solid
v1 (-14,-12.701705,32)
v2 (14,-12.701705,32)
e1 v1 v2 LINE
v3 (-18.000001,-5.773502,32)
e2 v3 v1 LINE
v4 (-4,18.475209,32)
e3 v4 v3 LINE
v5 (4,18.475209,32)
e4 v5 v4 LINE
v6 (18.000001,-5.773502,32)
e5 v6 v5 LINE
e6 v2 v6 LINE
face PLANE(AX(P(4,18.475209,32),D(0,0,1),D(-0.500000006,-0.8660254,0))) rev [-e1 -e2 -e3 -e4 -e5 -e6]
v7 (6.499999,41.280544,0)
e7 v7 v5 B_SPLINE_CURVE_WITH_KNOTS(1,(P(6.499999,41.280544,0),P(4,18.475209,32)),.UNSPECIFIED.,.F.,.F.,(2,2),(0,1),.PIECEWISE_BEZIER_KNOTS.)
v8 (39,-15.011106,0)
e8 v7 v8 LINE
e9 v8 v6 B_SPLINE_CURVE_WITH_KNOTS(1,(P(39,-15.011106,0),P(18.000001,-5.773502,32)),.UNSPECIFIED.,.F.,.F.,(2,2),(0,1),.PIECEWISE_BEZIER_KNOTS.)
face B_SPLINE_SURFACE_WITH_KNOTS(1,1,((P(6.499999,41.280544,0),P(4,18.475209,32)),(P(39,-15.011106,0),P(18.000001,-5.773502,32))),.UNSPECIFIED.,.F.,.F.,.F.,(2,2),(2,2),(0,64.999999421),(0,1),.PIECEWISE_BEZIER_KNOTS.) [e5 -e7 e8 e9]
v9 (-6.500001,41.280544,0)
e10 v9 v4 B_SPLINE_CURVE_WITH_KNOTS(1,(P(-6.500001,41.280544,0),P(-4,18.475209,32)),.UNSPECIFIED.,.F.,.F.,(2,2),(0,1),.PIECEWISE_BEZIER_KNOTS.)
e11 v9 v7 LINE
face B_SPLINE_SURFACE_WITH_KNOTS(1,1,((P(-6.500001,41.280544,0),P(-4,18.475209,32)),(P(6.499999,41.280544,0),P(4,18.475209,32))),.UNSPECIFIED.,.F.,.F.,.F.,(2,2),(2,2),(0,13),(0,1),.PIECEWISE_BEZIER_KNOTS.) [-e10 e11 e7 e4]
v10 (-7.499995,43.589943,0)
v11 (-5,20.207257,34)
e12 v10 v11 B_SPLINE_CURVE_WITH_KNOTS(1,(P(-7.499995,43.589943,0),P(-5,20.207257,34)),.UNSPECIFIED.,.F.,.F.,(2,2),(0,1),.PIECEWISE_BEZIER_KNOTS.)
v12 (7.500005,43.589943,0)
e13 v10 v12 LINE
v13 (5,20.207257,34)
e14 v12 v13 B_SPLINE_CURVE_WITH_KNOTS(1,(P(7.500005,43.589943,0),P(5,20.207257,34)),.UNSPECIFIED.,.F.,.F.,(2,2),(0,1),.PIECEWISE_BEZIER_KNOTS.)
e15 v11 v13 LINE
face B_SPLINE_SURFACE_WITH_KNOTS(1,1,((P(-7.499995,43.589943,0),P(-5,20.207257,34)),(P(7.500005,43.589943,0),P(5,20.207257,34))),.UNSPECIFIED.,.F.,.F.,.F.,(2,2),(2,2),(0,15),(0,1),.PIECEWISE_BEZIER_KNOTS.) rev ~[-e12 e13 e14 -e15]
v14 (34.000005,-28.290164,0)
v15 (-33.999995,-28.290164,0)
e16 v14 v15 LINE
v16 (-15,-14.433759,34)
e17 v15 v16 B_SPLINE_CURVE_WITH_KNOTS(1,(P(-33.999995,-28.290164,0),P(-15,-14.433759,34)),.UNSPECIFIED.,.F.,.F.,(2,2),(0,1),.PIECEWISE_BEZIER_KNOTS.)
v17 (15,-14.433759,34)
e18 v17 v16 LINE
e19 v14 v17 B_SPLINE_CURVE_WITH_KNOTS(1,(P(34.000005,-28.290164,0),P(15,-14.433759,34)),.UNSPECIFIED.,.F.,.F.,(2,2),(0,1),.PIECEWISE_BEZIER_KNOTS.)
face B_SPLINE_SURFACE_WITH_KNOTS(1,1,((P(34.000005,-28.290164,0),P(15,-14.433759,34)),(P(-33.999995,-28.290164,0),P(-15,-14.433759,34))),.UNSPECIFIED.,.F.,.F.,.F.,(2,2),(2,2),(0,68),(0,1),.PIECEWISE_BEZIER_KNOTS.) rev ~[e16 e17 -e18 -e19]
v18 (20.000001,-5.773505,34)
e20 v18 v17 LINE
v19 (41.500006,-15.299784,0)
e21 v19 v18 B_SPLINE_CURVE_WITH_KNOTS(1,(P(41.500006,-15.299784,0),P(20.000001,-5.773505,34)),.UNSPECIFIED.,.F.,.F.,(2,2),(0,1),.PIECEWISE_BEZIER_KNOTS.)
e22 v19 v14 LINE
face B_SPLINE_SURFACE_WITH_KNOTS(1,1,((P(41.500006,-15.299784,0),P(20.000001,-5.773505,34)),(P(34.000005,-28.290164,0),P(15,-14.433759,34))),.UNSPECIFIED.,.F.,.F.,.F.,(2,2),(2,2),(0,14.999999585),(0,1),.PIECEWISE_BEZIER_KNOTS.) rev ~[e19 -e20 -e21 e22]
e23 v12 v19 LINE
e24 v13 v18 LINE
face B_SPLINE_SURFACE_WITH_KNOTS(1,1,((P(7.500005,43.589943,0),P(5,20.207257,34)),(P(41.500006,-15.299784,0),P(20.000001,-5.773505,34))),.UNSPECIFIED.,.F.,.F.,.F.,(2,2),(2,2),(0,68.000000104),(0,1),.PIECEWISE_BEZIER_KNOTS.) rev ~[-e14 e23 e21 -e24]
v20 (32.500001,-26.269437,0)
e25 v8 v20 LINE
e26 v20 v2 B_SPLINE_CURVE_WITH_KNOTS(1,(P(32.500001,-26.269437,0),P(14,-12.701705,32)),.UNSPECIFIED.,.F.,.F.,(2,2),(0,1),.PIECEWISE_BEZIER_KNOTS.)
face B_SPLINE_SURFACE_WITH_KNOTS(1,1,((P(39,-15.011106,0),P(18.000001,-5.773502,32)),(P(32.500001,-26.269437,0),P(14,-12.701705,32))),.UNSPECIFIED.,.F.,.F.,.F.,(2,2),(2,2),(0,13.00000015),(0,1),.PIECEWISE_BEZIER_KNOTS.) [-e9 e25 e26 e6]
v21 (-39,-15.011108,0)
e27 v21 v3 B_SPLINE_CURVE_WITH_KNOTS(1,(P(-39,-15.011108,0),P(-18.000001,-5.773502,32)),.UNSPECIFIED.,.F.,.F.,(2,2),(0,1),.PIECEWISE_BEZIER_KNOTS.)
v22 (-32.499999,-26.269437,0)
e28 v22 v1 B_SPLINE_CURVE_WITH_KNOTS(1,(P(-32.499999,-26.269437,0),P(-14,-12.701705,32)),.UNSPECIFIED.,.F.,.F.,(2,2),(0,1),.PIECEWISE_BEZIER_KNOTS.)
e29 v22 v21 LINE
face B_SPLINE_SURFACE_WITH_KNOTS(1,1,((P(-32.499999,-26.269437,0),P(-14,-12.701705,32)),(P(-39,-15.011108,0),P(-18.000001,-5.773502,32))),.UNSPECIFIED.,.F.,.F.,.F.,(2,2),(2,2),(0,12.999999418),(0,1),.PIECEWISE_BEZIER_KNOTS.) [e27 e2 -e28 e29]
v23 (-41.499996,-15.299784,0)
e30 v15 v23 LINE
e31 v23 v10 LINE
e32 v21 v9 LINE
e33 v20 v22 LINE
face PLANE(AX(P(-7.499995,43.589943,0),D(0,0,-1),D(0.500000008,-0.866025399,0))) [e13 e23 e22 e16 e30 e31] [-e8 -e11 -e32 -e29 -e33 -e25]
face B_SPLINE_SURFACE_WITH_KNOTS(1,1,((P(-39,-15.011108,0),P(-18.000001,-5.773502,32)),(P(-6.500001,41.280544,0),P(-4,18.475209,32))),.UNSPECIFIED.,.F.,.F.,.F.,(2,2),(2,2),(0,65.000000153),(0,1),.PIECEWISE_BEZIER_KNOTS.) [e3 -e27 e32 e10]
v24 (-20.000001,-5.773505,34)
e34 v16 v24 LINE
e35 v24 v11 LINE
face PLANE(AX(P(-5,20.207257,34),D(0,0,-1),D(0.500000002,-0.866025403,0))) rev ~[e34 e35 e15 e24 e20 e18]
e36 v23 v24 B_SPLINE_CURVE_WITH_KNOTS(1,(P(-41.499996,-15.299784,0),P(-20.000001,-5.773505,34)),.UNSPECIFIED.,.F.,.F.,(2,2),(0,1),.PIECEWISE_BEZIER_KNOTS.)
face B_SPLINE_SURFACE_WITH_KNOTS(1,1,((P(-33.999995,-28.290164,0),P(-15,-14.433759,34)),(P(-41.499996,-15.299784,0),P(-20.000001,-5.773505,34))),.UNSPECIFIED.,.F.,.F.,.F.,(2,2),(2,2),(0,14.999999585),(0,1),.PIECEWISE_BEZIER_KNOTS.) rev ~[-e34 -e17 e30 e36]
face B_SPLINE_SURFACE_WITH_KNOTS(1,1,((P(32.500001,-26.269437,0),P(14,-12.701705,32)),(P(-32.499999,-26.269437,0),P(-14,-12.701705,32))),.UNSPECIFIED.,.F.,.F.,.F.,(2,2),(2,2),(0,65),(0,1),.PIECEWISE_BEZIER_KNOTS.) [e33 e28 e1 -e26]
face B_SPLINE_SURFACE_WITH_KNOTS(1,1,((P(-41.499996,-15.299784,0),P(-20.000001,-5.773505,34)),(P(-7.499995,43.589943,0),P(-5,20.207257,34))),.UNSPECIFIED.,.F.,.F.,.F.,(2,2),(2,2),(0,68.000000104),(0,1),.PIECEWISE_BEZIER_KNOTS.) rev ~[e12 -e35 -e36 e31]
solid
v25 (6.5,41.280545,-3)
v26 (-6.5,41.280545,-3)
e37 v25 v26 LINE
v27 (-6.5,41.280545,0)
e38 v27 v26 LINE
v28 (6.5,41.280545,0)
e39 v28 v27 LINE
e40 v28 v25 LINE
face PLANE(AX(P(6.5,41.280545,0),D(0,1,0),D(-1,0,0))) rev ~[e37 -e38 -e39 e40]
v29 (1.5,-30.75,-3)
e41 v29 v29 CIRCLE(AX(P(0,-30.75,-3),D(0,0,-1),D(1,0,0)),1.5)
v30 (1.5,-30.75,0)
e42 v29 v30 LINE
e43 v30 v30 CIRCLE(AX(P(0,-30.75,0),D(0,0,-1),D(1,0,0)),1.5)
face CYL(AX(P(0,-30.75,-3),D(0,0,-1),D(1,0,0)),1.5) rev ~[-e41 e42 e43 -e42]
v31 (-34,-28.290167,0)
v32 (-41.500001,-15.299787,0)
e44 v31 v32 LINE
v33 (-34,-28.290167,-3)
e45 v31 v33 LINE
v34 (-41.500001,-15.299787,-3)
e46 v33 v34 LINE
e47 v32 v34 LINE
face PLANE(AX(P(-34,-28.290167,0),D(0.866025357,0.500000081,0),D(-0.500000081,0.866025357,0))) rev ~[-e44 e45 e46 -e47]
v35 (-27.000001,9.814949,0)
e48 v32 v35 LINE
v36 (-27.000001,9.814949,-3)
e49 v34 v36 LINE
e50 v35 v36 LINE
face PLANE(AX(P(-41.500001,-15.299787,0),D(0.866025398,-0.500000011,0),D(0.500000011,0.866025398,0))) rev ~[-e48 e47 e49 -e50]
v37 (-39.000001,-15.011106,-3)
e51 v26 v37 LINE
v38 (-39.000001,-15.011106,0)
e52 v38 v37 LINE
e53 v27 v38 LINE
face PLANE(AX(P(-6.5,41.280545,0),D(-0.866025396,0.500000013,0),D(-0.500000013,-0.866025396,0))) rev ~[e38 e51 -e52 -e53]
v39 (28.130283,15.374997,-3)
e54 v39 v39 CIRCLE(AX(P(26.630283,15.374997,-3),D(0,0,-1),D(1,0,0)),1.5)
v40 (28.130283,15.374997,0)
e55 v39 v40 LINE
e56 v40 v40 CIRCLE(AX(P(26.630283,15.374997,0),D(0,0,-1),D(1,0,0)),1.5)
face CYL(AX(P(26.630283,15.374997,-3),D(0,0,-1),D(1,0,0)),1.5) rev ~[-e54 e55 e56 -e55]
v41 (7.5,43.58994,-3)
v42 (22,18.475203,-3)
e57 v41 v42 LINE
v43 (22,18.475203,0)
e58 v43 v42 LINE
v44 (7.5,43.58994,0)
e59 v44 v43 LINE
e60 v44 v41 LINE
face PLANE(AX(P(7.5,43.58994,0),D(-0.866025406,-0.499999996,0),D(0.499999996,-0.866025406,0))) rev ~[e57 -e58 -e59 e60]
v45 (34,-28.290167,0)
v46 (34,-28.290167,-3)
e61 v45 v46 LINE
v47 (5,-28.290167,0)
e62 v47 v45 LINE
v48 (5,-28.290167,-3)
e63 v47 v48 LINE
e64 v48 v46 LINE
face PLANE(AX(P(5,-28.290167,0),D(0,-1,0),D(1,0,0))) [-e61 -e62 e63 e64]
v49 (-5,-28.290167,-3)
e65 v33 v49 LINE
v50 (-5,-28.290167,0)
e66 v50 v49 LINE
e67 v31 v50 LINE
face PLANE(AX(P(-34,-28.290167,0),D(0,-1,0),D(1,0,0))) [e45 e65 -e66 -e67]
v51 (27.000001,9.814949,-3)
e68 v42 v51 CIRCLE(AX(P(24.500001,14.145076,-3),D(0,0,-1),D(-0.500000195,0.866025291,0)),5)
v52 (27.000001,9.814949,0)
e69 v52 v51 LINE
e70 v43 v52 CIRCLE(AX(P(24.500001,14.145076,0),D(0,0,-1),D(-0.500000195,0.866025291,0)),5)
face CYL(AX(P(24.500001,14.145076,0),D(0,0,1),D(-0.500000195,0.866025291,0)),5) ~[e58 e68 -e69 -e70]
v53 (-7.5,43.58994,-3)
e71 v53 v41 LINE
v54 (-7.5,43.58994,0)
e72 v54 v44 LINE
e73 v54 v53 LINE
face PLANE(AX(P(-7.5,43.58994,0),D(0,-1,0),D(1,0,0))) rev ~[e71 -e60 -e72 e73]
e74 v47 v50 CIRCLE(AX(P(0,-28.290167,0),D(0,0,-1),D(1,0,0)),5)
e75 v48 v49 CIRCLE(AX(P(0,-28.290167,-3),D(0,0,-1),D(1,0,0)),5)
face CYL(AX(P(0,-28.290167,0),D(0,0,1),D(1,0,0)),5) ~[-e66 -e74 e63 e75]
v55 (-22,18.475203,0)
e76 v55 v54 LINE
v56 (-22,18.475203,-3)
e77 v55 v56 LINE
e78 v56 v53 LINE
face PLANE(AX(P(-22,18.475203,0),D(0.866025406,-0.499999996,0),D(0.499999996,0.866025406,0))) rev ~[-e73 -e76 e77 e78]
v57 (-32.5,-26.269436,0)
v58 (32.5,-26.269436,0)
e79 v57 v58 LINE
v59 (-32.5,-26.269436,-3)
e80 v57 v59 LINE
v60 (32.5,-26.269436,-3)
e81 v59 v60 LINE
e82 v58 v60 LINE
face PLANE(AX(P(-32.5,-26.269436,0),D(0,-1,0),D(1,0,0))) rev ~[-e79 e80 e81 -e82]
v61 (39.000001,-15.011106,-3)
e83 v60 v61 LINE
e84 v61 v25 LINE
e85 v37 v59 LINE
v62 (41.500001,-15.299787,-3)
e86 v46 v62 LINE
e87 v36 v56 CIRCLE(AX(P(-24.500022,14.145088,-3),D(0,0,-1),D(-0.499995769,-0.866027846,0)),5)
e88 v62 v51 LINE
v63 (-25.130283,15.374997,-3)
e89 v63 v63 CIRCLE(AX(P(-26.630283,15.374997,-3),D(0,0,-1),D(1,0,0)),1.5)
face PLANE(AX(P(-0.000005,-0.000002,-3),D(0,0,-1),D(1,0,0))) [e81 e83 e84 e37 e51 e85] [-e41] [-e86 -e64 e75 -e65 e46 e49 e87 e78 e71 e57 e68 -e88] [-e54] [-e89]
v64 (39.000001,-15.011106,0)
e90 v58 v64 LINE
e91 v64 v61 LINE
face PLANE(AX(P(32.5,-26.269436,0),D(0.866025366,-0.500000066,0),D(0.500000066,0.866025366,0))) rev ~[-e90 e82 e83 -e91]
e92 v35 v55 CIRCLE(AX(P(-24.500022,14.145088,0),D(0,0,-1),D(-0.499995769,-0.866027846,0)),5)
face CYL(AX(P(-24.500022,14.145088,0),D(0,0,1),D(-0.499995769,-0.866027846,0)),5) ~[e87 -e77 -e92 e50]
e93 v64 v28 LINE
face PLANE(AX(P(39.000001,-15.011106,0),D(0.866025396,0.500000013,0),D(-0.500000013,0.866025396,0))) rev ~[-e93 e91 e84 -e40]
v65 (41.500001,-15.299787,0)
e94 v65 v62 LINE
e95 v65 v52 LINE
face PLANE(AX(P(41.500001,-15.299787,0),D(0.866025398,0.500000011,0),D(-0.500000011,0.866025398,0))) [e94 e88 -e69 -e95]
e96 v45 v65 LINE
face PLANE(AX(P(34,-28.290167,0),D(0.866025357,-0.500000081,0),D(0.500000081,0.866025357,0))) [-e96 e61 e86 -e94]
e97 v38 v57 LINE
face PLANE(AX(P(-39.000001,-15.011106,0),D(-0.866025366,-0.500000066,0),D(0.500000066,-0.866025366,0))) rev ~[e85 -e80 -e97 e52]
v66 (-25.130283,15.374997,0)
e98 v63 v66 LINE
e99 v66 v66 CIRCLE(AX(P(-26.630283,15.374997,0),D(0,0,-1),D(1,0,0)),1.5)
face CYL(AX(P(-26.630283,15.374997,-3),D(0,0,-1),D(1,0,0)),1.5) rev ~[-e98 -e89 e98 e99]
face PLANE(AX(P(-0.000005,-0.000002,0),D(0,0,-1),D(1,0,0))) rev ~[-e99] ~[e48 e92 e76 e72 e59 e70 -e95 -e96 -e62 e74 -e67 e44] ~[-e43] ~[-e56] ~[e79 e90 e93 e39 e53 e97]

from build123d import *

# Parameters (mm, degrees)
PAD_DEPTH    = 3
SKETCH005_R  = 1.5
POCKET_DEPTH = 5


with BuildPart() as loft001:
    # Sketch001 → Loft001 section 0
    with BuildSketch(Plane.XY):
        Polygon((-6.500001, 41.280544), (6.499999, 41.280544), (39, -15.011106), (32.500001, -26.269437), (-32.499999, -26.269437), (-39, -15.011108), align=None)
    # Sketch003 → Loft001 section 1
    with BuildSketch(Plane.XY.offset(32)):
        Polygon((-4, 18.475209), (-18.000001, -5.773502), (-14, -12.701705), (14, -12.701705), (18.000001, -5.773502), (4, 18.475209), align=None)
    loft()


with BuildPart() as cut:
    # Sketch → Loft section 0
    with BuildSketch(Plane.XY):
        Polygon((-7.499995, 43.589943), (7.500005, 43.589943), (41.500006, -15.299784), (34.000005, -28.290164), (-33.999995, -28.290164), (-41.499996, -15.299784), align=None)
    # Sketch002 → Loft section 1
    with BuildSketch(Plane.XY.offset(34)):
        Polygon((-5, 20.207257), (5, 20.207257), (20.000001, -5.773505), (15, -14.433759), (-15, -14.433759), (-20.000001, -5.773505), align=None)
    loft()

    # Cut: cut Loft001
    add(loft001.part, mode=Mode.SUBTRACT)


with BuildPart() as pocket:
    # Sketch004 → Pad (new body)
    with BuildSketch(Plane(origin=(0, 0, 0), x_dir=(1, 0, 0), z_dir=(0, 0, -1))):
        with BuildLine():
            Line((-34, 28.290167), (-41.500001, 15.299787))
            Line((-41.500001, 15.299787), (-27.000001, -9.814949))
            ThreePointArc((-27.000001, -9.814949), (-28.830149, -16.645089), (-22, -18.475203))
            Line((-22, -18.475203), (-7.5, -43.58994))
            Line((-7.5, -43.58994), (7.5, -43.58994))
            Line((7.5, -43.58994), (22, -18.475203))
            ThreePointArc((22, -18.475203), (28.830128, -16.645077), (27.000001, -9.814949))
            Line((41.500001, 15.299787), (27.000001, -9.814949))
            Line((34, 28.290167), (41.500001, 15.299787))
            Line((5, 28.290167), (34, 28.290167))
            ThreePointArc((5, 28.290167), (0, 33.290167), (-5, 28.290167))
            Line((-34, 28.290167), (-5, 28.290167))
        make_face()
        Polygon((-32.5, 26.269436), (32.5, 26.269436), (39.000001, 15.011106), (6.5, -41.280545), (-6.5, -41.280545), (-39.000001, 15.011106), align=None, mode=Mode.SUBTRACT)
    extrude(amount=PAD_DEPTH)

    # Sketch005 → Pocket (cut)
    with BuildSketch(Plane(origin=(0, 0, -3), x_dir=(1, 0, 0), z_dir=(0, 0, -1))):
        with Locations((0, 30.75)):
            Circle(SKETCH005_R)
        with Locations((26.630283, -15.374997)):
            Circle(SKETCH005_R)
        with Locations((-26.630283, -15.374997)):
            Circle(SKETCH005_R)
    extrude(amount=-POCKET_DEPTH, mode=Mode.SUBTRACT)


solid = Compound([cut.part, pocket.part])
